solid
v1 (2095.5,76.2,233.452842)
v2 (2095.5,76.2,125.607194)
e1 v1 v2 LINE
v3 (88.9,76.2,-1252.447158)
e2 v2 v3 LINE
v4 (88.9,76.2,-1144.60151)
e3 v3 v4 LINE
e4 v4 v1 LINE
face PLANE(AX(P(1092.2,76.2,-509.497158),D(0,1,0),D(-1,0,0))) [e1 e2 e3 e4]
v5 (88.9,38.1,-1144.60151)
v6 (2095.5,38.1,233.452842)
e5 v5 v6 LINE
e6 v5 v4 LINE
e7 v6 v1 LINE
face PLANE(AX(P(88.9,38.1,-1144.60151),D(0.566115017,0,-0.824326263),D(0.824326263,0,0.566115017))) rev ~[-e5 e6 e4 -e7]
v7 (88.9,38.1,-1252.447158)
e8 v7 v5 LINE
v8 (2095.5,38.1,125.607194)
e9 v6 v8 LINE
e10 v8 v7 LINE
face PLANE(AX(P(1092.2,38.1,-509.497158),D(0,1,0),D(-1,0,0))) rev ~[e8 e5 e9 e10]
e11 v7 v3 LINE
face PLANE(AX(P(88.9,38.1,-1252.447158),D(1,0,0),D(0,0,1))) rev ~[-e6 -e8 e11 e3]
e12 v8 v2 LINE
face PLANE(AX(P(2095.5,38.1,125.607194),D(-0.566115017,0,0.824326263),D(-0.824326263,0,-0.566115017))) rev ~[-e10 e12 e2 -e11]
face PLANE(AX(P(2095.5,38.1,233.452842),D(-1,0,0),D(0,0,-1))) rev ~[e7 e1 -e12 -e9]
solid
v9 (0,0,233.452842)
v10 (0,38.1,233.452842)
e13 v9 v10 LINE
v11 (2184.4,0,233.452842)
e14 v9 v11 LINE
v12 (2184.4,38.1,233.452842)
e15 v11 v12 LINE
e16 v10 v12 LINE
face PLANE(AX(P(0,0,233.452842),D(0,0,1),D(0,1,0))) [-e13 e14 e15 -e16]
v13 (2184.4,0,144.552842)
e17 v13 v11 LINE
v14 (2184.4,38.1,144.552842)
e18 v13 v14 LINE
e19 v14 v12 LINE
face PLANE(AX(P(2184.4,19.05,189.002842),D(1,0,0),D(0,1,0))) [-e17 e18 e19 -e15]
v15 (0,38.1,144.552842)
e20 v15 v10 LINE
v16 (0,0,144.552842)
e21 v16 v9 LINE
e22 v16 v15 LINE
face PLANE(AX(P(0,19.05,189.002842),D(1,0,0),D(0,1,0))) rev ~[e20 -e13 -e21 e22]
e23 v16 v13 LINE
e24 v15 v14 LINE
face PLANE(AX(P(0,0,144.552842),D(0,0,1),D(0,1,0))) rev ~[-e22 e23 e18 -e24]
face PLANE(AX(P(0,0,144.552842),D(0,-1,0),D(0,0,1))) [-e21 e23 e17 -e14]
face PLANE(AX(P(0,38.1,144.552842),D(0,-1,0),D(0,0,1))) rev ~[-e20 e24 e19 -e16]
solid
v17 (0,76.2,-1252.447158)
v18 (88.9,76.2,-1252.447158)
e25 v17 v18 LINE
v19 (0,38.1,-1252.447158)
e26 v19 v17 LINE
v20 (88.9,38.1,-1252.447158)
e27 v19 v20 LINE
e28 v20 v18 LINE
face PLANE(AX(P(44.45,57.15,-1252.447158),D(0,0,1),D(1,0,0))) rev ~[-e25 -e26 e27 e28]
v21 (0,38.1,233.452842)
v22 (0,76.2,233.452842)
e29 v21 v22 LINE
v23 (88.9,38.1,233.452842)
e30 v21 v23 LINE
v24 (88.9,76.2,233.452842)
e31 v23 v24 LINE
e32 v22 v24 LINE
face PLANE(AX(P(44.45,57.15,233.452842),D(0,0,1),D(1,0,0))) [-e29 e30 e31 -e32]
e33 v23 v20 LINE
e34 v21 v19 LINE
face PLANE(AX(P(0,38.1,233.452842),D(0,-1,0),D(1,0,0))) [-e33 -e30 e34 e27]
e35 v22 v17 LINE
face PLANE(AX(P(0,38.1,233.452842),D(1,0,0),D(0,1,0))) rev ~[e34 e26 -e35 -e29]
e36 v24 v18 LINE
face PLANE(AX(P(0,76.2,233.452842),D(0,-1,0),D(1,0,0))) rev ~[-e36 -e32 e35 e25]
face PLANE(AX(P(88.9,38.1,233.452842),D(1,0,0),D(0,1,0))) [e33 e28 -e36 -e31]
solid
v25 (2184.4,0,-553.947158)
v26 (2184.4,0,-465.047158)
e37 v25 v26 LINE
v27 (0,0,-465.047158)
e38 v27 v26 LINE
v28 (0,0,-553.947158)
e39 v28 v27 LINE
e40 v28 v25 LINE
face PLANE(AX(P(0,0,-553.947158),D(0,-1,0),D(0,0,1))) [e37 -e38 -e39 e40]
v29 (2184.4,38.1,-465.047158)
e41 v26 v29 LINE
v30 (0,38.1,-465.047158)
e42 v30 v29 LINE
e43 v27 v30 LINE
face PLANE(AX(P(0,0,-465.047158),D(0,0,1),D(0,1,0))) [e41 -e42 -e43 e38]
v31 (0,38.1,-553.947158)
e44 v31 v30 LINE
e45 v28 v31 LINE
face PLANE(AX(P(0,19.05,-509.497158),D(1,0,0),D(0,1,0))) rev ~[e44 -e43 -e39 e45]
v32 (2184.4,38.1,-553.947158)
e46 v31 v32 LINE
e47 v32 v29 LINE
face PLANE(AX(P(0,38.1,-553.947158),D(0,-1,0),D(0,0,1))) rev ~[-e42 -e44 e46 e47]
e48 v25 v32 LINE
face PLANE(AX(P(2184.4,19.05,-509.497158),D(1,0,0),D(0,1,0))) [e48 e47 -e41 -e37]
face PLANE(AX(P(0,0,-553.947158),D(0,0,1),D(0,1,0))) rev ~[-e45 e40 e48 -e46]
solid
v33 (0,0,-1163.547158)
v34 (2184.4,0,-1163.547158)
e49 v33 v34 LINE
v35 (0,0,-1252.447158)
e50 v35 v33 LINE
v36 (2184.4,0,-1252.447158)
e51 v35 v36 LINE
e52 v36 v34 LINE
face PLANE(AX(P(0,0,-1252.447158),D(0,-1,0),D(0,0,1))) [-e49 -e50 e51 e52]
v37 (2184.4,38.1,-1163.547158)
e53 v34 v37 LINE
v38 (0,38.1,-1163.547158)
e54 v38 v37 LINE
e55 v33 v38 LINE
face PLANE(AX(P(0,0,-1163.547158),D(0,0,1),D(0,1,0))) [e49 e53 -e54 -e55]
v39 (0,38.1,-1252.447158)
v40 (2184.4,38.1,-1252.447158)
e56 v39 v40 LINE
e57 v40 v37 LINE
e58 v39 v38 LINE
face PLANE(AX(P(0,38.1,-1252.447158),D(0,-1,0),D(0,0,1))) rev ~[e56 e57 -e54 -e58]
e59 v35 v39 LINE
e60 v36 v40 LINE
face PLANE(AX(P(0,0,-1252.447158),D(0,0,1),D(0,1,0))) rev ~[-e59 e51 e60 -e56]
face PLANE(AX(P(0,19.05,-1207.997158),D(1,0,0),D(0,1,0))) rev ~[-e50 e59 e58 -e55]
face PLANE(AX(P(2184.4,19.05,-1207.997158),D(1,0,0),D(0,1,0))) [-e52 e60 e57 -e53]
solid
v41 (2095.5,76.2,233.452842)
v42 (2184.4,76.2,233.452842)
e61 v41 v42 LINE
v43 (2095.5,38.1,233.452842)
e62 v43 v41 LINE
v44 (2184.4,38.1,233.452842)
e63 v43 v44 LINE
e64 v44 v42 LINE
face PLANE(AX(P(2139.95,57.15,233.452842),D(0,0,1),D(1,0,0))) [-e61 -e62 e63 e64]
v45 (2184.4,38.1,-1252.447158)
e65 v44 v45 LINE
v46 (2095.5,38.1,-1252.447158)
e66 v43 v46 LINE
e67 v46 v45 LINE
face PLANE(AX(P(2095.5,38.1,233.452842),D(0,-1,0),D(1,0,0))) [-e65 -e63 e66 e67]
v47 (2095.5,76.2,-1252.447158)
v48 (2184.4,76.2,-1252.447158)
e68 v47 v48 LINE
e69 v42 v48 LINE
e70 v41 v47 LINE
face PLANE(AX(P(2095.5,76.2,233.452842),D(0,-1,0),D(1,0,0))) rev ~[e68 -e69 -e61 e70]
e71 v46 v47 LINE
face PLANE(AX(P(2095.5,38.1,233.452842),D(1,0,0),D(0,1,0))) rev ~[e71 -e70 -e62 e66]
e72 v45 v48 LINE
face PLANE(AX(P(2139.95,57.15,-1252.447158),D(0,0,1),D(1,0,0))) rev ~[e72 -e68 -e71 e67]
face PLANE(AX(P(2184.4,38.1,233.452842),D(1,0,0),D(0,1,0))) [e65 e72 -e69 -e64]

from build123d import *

# Parameters (mm, degrees)
F0_W     = 38.1
F0_H     = 88.9
F1_DEPTH = 2184.4
F2_W     = 88.9
F2_H     = 38.1
F3_DEPTH = 1485.9
F5_DEPTH = 38.1


with BuildPart() as f1:
    # F0 (on Right) → F1 (new body)
    with BuildSketch(Plane.YZ):
        with Locations((19.05, 189.002842)):
            Rectangle(F0_W, F0_H)
        with Locations((19.05, -509.497158)):
            Rectangle(F0_W, F0_H)
        with Locations((19.05, -1207.997158)):
            Rectangle(F0_W, F0_H)
    extrude(amount=F1_DEPTH)


with BuildPart() as f3:
    # F2 (on face) → F3 (new body, through all)
    with BuildSketch(Plane.XY.offset(233.452842)):
        with Locations((2139.95, 57.15)):
            Rectangle(F2_W, F2_H)
        with Locations((44.45, 57.15)):
            Rectangle(F2_W, F2_H)
    extrude(amount=-F3_DEPTH)


with BuildPart() as f5:
    # F4 (on face) → F5 (new body)
    with BuildSketch(Plane(origin=(0, 38.1, 0), x_dir=(-1, 0, 0), z_dir=(0, 1, 0))):
        Polygon((-88.9, -1144.60151), (-2095.5, 233.452842), (-2095.5, 125.607194), (-88.9, -1252.447158), align=None)
    extrude(amount=F5_DEPTH)


solid = Compound([f1.part, f3.part, f5.part])
